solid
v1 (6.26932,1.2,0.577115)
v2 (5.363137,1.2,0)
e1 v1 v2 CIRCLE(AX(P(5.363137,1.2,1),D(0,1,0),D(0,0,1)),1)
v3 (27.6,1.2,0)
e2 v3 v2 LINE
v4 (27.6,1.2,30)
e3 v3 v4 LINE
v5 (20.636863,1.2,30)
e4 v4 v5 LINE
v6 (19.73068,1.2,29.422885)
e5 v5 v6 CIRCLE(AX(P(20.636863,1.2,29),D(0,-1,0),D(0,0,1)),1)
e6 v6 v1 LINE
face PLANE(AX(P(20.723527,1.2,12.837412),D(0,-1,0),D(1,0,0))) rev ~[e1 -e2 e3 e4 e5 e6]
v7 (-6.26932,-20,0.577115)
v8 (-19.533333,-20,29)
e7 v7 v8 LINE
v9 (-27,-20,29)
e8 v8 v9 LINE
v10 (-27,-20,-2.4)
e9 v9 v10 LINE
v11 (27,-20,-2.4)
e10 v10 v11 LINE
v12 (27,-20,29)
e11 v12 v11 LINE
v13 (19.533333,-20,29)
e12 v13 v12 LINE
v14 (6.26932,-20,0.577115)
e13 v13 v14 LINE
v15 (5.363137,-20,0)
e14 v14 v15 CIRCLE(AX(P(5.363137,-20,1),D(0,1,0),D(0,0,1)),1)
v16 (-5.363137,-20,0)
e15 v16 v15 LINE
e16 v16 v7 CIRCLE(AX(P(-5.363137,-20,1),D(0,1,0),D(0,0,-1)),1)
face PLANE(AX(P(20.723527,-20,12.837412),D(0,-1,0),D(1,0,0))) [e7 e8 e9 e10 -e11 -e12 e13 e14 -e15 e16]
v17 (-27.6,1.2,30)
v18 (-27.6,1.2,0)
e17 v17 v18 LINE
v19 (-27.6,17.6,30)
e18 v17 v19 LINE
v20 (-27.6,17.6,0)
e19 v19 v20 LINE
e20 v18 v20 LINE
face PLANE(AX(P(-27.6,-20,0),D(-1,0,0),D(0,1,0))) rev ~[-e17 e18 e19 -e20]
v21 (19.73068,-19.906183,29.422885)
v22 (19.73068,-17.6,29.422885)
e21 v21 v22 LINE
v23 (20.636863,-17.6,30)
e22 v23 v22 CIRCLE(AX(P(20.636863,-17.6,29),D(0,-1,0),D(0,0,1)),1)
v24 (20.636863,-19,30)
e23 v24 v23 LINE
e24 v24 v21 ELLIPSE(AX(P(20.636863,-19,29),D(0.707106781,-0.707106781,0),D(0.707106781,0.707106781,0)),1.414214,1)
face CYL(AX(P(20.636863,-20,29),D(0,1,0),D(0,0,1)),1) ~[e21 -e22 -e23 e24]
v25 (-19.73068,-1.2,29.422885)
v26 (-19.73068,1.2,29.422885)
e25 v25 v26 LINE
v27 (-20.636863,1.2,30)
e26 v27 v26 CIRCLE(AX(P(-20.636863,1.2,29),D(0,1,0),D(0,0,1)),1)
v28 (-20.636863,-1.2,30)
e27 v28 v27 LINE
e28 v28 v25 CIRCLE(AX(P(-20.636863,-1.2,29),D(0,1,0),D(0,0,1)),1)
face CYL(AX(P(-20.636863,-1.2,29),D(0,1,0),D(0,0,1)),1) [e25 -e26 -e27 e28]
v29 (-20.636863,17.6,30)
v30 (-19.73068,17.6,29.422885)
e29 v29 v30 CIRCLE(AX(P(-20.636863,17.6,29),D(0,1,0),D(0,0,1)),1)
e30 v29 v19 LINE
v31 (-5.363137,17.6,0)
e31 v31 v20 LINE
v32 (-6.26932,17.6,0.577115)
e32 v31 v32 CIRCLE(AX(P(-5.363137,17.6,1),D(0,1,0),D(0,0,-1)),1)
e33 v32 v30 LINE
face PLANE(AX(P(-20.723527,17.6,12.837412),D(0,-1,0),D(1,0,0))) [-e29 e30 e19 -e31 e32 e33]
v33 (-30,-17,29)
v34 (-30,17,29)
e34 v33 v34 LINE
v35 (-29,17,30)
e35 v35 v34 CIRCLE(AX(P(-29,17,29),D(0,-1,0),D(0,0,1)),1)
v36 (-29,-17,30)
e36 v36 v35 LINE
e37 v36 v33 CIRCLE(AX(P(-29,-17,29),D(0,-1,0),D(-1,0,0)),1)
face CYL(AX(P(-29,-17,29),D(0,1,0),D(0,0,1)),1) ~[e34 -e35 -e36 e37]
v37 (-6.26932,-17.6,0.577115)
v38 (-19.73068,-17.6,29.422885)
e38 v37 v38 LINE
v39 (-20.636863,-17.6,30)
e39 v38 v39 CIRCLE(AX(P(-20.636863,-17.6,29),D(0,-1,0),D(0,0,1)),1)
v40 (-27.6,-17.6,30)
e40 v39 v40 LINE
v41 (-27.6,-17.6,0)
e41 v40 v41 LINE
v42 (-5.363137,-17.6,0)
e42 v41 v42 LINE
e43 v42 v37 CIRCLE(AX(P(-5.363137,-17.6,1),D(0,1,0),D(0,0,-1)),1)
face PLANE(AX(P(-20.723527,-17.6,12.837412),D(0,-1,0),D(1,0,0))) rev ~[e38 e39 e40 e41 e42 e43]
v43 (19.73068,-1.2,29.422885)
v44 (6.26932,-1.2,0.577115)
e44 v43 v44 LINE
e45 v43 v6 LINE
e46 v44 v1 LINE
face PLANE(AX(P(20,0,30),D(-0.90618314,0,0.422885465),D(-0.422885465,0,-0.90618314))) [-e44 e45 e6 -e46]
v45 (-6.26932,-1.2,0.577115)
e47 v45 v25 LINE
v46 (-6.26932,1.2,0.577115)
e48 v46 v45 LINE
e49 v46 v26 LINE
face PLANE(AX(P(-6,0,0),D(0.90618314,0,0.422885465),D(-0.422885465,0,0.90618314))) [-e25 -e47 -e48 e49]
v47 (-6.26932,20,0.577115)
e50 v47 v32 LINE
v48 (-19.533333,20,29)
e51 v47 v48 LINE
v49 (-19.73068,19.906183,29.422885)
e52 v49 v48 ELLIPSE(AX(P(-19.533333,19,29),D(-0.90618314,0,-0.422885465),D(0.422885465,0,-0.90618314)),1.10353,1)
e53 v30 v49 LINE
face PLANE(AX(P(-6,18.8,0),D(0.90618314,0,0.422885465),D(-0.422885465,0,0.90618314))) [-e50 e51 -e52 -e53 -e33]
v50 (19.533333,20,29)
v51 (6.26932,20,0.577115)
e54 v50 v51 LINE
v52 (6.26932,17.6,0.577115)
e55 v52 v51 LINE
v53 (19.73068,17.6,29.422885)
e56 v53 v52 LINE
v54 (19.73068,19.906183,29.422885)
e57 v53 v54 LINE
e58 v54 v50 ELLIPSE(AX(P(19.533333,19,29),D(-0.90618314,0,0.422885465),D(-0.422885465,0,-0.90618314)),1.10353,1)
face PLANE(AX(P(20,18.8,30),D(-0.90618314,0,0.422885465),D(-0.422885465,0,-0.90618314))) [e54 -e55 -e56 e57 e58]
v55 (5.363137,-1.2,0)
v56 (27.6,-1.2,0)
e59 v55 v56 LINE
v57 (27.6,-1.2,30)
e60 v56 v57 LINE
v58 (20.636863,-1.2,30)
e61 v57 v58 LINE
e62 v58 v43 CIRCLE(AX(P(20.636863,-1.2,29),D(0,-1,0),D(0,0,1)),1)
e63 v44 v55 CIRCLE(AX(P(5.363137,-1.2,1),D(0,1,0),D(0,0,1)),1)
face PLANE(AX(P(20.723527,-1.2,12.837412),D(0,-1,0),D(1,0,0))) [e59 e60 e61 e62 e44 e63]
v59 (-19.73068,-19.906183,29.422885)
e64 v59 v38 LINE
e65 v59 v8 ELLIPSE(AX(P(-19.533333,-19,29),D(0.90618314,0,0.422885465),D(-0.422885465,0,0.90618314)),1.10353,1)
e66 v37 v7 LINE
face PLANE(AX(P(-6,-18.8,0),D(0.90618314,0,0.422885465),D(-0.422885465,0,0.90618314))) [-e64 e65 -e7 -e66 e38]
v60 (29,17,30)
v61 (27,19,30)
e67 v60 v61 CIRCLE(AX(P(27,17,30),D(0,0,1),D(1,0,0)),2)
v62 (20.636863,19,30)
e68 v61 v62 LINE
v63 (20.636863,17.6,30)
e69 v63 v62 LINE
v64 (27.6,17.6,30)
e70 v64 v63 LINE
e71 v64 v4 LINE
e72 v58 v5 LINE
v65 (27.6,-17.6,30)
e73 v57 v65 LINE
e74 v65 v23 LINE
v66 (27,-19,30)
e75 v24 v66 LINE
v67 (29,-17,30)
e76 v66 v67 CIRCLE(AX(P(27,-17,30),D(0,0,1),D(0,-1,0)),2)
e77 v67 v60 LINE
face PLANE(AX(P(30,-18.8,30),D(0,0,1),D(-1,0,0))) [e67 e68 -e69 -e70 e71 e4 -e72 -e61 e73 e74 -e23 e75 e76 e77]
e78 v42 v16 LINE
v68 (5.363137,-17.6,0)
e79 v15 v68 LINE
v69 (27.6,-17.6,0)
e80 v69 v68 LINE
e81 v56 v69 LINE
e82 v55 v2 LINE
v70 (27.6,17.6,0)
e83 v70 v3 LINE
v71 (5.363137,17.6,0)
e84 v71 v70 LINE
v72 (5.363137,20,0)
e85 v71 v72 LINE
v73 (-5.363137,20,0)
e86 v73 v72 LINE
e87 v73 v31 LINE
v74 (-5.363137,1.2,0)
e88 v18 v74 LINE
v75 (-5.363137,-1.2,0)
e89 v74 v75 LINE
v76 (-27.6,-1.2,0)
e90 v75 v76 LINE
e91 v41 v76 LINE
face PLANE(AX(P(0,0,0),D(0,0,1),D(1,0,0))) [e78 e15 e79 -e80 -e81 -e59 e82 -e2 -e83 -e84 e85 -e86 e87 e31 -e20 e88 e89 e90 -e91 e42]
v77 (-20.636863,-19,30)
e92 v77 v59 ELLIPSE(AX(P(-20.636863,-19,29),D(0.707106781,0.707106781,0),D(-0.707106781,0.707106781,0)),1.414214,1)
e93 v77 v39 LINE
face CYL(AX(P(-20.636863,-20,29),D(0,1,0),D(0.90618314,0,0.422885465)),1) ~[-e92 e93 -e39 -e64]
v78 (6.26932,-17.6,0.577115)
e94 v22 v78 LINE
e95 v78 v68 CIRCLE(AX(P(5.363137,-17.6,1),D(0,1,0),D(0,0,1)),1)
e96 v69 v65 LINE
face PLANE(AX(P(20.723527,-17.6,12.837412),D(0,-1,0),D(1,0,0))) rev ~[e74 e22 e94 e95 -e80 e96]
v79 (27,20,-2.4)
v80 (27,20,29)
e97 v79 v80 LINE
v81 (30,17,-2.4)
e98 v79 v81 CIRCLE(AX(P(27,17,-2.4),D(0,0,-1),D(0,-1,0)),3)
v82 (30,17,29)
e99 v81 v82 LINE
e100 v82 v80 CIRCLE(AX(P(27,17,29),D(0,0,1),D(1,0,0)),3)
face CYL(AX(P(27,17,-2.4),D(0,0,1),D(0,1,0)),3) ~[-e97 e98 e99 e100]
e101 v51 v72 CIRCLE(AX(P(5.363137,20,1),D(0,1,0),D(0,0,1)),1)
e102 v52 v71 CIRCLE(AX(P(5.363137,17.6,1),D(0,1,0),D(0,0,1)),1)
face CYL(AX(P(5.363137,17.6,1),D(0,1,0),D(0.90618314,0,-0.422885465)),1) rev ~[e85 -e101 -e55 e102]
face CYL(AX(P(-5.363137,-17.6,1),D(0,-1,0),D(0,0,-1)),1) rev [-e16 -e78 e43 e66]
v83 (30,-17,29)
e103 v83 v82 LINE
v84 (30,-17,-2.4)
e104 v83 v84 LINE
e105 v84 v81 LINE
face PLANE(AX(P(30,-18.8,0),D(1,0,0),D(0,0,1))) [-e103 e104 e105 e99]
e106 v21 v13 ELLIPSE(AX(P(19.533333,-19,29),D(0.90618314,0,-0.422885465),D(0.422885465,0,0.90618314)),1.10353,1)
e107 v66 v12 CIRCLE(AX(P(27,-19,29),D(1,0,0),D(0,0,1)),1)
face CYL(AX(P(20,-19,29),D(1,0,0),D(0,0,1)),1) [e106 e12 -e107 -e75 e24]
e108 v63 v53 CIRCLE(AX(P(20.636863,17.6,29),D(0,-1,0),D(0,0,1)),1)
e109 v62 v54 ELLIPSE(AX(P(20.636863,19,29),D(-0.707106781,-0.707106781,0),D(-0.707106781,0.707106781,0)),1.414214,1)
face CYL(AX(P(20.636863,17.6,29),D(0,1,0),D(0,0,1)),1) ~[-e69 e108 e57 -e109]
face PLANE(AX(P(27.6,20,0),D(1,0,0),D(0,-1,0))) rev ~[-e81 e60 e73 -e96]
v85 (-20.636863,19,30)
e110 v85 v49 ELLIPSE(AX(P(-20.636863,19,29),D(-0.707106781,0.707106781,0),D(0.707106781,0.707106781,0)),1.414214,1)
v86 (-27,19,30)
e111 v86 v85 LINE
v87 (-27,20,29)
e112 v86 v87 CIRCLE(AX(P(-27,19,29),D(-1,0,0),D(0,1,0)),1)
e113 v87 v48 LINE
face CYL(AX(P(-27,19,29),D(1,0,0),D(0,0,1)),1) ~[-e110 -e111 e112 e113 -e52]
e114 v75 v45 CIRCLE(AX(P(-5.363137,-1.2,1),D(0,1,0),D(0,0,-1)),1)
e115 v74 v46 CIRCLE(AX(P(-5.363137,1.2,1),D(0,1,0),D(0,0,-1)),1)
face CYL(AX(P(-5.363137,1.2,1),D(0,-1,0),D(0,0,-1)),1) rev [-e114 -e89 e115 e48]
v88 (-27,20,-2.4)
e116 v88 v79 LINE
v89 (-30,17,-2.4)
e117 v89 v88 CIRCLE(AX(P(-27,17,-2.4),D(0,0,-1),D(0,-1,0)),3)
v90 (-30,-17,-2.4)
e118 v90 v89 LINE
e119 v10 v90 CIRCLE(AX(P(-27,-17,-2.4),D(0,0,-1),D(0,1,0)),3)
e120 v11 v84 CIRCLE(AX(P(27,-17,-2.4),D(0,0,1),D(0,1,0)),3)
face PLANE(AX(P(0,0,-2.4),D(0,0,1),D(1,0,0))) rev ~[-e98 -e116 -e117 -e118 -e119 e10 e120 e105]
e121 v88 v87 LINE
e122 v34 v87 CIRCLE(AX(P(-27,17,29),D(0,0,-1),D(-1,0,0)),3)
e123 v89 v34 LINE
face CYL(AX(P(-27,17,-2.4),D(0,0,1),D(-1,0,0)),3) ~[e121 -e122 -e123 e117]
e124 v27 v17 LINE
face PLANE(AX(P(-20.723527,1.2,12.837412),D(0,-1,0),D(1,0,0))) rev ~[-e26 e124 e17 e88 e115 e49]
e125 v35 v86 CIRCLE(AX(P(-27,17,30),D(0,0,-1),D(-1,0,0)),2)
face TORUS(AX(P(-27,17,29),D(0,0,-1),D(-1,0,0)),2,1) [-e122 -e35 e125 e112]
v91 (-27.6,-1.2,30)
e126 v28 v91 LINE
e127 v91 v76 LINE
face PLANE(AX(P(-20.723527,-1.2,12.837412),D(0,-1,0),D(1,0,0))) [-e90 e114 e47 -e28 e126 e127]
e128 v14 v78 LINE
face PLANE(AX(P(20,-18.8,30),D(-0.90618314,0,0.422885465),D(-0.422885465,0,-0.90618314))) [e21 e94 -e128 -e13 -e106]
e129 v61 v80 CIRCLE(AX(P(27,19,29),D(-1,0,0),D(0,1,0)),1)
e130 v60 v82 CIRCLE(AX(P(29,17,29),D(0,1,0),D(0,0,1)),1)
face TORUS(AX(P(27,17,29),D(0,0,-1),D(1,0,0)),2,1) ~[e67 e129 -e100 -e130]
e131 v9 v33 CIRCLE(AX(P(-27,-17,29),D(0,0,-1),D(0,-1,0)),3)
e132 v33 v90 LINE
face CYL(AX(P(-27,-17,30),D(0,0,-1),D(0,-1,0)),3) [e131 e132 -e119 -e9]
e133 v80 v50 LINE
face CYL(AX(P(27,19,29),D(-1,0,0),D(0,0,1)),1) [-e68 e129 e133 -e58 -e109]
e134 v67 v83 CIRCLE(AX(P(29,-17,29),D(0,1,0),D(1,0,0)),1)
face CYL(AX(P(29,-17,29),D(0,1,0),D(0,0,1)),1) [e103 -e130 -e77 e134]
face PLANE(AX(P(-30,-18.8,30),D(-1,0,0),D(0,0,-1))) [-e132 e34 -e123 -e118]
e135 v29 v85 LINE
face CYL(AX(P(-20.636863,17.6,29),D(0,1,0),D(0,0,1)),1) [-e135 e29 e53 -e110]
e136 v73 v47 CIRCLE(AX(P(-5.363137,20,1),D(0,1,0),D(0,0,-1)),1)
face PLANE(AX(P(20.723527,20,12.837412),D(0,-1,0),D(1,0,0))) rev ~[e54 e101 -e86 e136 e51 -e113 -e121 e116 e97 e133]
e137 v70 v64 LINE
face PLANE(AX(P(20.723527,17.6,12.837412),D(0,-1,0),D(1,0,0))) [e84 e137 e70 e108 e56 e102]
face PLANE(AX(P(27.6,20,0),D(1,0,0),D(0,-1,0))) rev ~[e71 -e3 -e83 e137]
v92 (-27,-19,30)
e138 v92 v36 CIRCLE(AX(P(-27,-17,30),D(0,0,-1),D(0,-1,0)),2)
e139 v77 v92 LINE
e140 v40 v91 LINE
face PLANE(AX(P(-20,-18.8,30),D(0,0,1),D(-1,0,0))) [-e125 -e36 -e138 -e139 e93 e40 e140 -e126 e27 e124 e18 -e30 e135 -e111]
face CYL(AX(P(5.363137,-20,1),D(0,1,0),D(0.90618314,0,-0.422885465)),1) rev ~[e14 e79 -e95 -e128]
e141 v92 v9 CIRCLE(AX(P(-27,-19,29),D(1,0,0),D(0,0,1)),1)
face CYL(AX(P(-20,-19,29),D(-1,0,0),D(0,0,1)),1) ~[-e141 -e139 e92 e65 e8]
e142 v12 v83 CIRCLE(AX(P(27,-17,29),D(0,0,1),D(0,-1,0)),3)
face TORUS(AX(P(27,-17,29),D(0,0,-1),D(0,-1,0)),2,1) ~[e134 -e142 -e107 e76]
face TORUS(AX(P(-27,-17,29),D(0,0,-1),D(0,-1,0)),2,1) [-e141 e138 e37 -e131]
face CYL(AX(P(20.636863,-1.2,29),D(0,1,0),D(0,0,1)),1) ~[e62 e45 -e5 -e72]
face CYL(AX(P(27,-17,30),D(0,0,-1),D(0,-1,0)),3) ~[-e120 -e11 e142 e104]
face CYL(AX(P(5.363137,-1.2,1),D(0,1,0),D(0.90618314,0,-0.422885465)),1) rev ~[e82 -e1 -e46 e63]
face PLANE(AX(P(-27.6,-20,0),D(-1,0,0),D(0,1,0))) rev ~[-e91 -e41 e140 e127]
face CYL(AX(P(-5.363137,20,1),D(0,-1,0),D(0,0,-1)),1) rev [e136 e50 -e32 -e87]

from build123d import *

# Parameters (mm, degrees)
F0_W      = 60
F0_H      = 40
F1_DEPTH  = 2.4
F3_DEPTH  = 1.2
F13_DEPTH = 30
F14_R     = 3
F15_R     = 1


with BuildPart() as f1:
    # F0 (on Top) → F1 (new body)
    with BuildSketch(Plane.XY):
        Rectangle(F0_W, F0_H)
    extrude(amount=-F1_DEPTH)



with BuildPart() as f3:
    # F2 (on Front) → F3 (new body, symmetric)
    with BuildSketch(Plane.XZ):
        Polygon((-30, 30), (-30, 0), (-6, 0), (-20, 30), align=None)
    extrude(amount=F3_DEPTH, both=True)


with BuildPart() as f3b:
    # F2 (on Front) → F3, piece 2 (new body, symmetric)
    with BuildSketch(Plane.XZ):
        Polygon((6, 0), (30, 0), (30, 30), (20, 30), align=None)
    extrude(amount=F3_DEPTH, both=True)


with BuildPart() as f4_1:
    # F4: copy of F3
    add(f3.part.moved(Location((0, 18.8, 0))))


with BuildPart() as f5_1:
    # F5: copy of F3
    add(f3.part.moved(Location((0, -18.8, 0))))


with BuildPart() as f6_1:
    # F6: copy of F3b
    add(f3b.part.moved(Location((0, 18.8, 0))))


with BuildPart() as f7_1:
    # F7: copy of F3b
    add(f3b.part.moved(Location((0, -18.8, 0))))


with BuildPart() as f8_1:
    # F8: copy of F3
    add(f3.part.moved(Location((2.4, 0, 0))))


with BuildPart() as f8_2:
    # F8: copy of F5_1
    add(f5_1.part.moved(Location((2.4, 0, 0))))


with BuildPart() as f8_3:
    # F8: copy of F4_1
    add(f4_1.part.moved(Location((2.4, 0, 0))))


with BuildPart() as f1_1:
    add(f1.part)

    add(f3.part)  # F13 merges F3

    add(f3b.part)  # F13 merges F3b

    add(f4_1.part)  # F13 merges F4_1

    add(f5_1.part)  # F13 merges F5_1

    add(f6_1.part)  # F13 merges F6_1

    add(f7_1.part)  # F13 merges F7_1
    # F12 (on face) → F13 (join)
    with BuildSketch(Plane.XY):
        Polygon((27.6, 17.6), (27.6, -17.6), (27.6, -20), (30, -20), (30, 20), (27.6, 20), align=None)
        Polygon((-27.6, -20), (-27.6, -17.6), (-27.6, 17.6), (-27.6, 20), (-30, 20), (-30, -20), align=None)
    extrude(amount=F13_DEPTH)

    # F14
    f14_edges = [f1_1.edges().sort_by_distance(p)[0] for p in [
        (30, -20, 13.8),
        (-30, -20, 13.8),
        (-30, 20, 13.8),
        (30, 20, 13.8),
    ]]
    fillet(f14_edges, radius=F14_R)

    # F15
    f15_edges = [f1_1.edges().sort_by_distance(p)[0] for p in [
        (20, 18.8, 30),
        (20, 0, 30),
        (20, -18.8, 30),
        (6, 18.8, 0),
        (6, 0, 0),
        (6, -18.8, 0),
        (-20, 18.8, 30),
        (-20, 0, 30),
        (-20, -18.8, 30),
        (-6, -18.8, 0),
        (-6, 0, 0),
        (-6, 18.8, 0),
        (30, 0, 30),
        (-30, 0, 30),
    ]]
    fillet(f15_edges, radius=F15_R)


solid = f1_1.part
